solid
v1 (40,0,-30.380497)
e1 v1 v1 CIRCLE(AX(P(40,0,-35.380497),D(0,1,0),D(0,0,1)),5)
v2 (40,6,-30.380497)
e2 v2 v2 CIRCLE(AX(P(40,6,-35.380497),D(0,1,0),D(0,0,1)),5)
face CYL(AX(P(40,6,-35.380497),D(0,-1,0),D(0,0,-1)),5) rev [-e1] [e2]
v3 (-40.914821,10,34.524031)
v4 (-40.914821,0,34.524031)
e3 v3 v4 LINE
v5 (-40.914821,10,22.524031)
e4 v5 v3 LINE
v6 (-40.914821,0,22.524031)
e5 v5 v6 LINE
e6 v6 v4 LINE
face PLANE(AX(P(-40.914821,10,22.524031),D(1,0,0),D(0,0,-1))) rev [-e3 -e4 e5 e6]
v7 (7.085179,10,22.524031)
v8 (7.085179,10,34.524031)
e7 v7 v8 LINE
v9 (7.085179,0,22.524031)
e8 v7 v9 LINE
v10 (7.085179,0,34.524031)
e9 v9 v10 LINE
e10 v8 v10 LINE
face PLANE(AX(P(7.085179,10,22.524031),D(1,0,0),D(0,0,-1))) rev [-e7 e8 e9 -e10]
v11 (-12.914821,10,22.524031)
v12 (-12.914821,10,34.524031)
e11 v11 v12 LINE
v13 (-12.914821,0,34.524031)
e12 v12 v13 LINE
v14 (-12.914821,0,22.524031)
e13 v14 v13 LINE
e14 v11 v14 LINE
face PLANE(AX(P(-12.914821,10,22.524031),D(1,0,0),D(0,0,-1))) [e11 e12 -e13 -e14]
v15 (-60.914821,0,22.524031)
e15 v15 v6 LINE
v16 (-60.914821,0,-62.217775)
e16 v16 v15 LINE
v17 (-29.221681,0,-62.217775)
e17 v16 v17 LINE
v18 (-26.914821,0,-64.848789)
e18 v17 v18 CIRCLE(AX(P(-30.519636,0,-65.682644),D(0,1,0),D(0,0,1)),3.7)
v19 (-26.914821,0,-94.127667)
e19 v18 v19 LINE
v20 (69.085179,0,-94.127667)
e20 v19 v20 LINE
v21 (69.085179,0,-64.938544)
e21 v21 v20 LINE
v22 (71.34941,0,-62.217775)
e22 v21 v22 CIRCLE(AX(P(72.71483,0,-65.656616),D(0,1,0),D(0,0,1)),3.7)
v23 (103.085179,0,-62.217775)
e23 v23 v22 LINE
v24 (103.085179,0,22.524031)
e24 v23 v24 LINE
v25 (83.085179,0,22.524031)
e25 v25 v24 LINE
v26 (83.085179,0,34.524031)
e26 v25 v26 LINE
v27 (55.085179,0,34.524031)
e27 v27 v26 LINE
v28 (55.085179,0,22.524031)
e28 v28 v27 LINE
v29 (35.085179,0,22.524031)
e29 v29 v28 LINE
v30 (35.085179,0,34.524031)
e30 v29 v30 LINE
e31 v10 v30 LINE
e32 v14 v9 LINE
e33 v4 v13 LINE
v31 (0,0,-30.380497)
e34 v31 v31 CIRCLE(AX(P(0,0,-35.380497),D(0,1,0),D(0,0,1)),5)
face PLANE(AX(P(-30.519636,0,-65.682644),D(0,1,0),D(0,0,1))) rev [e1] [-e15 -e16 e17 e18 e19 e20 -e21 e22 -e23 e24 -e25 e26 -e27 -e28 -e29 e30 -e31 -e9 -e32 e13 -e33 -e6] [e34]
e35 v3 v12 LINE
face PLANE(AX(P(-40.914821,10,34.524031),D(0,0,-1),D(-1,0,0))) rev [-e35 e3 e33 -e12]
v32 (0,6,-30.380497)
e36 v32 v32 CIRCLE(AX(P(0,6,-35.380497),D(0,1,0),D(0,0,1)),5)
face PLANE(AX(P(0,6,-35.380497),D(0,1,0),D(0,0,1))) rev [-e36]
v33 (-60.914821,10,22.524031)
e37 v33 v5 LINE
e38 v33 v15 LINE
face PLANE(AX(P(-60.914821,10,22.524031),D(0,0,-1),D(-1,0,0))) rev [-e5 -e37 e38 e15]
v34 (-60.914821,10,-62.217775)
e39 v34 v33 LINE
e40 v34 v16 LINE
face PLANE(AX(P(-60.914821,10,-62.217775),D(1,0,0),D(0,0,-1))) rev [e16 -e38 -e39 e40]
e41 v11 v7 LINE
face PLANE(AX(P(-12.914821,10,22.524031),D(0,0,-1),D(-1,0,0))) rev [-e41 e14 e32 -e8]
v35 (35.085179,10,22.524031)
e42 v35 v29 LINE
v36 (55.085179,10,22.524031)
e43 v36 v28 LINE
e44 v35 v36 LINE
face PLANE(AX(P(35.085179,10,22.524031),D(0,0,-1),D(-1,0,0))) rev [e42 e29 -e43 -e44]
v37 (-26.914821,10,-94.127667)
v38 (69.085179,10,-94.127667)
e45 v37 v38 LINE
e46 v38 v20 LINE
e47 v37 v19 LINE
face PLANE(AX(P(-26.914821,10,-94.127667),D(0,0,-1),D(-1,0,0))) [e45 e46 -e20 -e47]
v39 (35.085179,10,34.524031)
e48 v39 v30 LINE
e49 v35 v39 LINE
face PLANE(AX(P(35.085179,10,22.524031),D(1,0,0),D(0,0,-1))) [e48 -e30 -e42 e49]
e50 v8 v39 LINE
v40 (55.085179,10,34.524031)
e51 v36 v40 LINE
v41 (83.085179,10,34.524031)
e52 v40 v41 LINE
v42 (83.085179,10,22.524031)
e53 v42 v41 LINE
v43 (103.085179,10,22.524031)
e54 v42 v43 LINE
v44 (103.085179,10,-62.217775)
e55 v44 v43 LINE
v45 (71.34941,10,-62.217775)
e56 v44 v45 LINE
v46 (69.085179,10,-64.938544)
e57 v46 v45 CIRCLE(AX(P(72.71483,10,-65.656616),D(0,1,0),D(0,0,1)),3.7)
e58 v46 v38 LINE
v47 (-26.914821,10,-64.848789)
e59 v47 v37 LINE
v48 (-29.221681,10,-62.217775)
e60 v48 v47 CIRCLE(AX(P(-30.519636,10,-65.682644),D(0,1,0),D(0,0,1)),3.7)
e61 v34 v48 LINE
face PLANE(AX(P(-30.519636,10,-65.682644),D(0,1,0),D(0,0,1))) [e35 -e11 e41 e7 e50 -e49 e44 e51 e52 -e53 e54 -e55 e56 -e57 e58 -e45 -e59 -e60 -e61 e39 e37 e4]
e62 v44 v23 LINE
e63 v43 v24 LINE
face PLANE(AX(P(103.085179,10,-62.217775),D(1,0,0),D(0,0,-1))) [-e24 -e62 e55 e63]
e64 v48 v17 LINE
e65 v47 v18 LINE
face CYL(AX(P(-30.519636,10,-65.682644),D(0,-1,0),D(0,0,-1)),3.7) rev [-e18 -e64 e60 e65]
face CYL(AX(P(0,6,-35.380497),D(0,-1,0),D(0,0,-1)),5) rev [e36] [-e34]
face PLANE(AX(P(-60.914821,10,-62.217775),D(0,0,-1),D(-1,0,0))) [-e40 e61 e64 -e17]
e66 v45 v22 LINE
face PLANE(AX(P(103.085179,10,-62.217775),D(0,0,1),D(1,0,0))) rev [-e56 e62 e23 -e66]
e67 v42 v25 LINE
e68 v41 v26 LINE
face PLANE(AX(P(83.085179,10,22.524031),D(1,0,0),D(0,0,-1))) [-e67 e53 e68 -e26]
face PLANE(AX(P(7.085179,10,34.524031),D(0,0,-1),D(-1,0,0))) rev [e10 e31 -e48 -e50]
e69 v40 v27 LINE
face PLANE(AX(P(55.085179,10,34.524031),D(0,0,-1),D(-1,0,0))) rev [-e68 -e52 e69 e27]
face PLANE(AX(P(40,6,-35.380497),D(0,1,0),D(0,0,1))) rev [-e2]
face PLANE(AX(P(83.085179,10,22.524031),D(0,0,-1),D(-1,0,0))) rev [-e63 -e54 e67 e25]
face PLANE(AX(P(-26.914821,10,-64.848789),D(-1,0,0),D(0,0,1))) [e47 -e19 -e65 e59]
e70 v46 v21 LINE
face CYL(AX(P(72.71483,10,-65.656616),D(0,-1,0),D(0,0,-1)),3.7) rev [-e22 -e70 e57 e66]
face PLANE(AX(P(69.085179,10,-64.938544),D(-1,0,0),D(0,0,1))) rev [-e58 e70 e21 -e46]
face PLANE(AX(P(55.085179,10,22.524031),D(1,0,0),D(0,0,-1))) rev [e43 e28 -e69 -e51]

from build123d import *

# Parameters (mm, degrees)
SALIENTE_EXTRUIR1_DEPTH = 10
CROQUIS1_10_R           = 5
CORTAR_EXTRUIR1_DEPTH   = 6


with BuildPart() as part:
    # Croquis1 → Saliente-Extruir1 (new body)
    with BuildSketch(Plane(origin=(0, 0, 0), x_dir=(1, 0, 0), z_dir=(0, 1, 0))):
        with BuildLine():
            Line((-60.914821384, -22.524031449), (-40.914821384, -22.524031449))
            Line((-40.914821384, -22.524031449), (-40.914821384, -34.524031449))
            Line((-40.914821384, -34.524031449), (-12.914821384, -34.524031449))
            Line((-12.914821384, -34.524031449), (-12.914821384, -22.524031449))
            Line((-12.914821384, -22.524031449), (7.085178616, -22.524031449))
            Line((7.085178616, -22.524031449), (7.085178616, -34.524031449))
            Line((7.085178616, -34.524031449), (35.085178616, -34.524031449))
            Line((35.085178616, -34.524031449), (35.085178616, -22.524031449))
            Line((35.085178616, -22.524031449), (55.085178616, -22.524031449))
            Line((55.085178616, -22.524031449), (55.085178616, -34.524031449))
            Line((55.085178616, -34.524031449), (83.085178616, -34.524031449))
            Line((83.085178616, -34.524031449), (83.085178616, -22.524031449))
            Line((83.085178616, -22.524031449), (103.085178616, -22.524031449))
            Line((103.085178616, -22.524031449), (103.085178616, 62.217775428))
            Line((103.085178616, 62.217775428), (71.349410248, 62.217775428))
            ThreePointArc((71.349410248, 62.217775428), (69.870831169, 63.28983211), (69.085178616, 64.938544239))
            Line((69.085178616, 64.938544239), (69.085178616, 94.127666629))
            Line((69.085178616, 94.127666629), (-26.914821384, 94.127666629))
            Line((-26.914821384, 94.127666629), (-26.914821384, 64.848788639))
            ThreePointArc((-26.914821384, 64.848788639), (-27.737578388, 63.243349526), (-29.221681351, 62.217775428))
            Line((-29.221681351, 62.217775428), (-60.914821384, 62.217775428))
            Line((-60.914821384, 62.217775428), (-60.914821384, -22.524031449))
        make_face()
    extrude(amount=SALIENTE_EXTRUIR1_DEPTH)

    # Croquis1<10> → Cortar-Extruir1 (cut)
    with BuildSketch(Plane(origin=(0, 0, 0), x_dir=(1, 0, 0), z_dir=(0, 1, 0))):
        with Locations((0, 35.380497461)):
            Circle(CROQUIS1_10_R)
        with Locations((40, 35.380497461)):
            Circle(CROQUIS1_10_R)
    extrude(amount=CORTAR_EXTRUIR1_DEPTH, mode=Mode.SUBTRACT)


solid = part.part
